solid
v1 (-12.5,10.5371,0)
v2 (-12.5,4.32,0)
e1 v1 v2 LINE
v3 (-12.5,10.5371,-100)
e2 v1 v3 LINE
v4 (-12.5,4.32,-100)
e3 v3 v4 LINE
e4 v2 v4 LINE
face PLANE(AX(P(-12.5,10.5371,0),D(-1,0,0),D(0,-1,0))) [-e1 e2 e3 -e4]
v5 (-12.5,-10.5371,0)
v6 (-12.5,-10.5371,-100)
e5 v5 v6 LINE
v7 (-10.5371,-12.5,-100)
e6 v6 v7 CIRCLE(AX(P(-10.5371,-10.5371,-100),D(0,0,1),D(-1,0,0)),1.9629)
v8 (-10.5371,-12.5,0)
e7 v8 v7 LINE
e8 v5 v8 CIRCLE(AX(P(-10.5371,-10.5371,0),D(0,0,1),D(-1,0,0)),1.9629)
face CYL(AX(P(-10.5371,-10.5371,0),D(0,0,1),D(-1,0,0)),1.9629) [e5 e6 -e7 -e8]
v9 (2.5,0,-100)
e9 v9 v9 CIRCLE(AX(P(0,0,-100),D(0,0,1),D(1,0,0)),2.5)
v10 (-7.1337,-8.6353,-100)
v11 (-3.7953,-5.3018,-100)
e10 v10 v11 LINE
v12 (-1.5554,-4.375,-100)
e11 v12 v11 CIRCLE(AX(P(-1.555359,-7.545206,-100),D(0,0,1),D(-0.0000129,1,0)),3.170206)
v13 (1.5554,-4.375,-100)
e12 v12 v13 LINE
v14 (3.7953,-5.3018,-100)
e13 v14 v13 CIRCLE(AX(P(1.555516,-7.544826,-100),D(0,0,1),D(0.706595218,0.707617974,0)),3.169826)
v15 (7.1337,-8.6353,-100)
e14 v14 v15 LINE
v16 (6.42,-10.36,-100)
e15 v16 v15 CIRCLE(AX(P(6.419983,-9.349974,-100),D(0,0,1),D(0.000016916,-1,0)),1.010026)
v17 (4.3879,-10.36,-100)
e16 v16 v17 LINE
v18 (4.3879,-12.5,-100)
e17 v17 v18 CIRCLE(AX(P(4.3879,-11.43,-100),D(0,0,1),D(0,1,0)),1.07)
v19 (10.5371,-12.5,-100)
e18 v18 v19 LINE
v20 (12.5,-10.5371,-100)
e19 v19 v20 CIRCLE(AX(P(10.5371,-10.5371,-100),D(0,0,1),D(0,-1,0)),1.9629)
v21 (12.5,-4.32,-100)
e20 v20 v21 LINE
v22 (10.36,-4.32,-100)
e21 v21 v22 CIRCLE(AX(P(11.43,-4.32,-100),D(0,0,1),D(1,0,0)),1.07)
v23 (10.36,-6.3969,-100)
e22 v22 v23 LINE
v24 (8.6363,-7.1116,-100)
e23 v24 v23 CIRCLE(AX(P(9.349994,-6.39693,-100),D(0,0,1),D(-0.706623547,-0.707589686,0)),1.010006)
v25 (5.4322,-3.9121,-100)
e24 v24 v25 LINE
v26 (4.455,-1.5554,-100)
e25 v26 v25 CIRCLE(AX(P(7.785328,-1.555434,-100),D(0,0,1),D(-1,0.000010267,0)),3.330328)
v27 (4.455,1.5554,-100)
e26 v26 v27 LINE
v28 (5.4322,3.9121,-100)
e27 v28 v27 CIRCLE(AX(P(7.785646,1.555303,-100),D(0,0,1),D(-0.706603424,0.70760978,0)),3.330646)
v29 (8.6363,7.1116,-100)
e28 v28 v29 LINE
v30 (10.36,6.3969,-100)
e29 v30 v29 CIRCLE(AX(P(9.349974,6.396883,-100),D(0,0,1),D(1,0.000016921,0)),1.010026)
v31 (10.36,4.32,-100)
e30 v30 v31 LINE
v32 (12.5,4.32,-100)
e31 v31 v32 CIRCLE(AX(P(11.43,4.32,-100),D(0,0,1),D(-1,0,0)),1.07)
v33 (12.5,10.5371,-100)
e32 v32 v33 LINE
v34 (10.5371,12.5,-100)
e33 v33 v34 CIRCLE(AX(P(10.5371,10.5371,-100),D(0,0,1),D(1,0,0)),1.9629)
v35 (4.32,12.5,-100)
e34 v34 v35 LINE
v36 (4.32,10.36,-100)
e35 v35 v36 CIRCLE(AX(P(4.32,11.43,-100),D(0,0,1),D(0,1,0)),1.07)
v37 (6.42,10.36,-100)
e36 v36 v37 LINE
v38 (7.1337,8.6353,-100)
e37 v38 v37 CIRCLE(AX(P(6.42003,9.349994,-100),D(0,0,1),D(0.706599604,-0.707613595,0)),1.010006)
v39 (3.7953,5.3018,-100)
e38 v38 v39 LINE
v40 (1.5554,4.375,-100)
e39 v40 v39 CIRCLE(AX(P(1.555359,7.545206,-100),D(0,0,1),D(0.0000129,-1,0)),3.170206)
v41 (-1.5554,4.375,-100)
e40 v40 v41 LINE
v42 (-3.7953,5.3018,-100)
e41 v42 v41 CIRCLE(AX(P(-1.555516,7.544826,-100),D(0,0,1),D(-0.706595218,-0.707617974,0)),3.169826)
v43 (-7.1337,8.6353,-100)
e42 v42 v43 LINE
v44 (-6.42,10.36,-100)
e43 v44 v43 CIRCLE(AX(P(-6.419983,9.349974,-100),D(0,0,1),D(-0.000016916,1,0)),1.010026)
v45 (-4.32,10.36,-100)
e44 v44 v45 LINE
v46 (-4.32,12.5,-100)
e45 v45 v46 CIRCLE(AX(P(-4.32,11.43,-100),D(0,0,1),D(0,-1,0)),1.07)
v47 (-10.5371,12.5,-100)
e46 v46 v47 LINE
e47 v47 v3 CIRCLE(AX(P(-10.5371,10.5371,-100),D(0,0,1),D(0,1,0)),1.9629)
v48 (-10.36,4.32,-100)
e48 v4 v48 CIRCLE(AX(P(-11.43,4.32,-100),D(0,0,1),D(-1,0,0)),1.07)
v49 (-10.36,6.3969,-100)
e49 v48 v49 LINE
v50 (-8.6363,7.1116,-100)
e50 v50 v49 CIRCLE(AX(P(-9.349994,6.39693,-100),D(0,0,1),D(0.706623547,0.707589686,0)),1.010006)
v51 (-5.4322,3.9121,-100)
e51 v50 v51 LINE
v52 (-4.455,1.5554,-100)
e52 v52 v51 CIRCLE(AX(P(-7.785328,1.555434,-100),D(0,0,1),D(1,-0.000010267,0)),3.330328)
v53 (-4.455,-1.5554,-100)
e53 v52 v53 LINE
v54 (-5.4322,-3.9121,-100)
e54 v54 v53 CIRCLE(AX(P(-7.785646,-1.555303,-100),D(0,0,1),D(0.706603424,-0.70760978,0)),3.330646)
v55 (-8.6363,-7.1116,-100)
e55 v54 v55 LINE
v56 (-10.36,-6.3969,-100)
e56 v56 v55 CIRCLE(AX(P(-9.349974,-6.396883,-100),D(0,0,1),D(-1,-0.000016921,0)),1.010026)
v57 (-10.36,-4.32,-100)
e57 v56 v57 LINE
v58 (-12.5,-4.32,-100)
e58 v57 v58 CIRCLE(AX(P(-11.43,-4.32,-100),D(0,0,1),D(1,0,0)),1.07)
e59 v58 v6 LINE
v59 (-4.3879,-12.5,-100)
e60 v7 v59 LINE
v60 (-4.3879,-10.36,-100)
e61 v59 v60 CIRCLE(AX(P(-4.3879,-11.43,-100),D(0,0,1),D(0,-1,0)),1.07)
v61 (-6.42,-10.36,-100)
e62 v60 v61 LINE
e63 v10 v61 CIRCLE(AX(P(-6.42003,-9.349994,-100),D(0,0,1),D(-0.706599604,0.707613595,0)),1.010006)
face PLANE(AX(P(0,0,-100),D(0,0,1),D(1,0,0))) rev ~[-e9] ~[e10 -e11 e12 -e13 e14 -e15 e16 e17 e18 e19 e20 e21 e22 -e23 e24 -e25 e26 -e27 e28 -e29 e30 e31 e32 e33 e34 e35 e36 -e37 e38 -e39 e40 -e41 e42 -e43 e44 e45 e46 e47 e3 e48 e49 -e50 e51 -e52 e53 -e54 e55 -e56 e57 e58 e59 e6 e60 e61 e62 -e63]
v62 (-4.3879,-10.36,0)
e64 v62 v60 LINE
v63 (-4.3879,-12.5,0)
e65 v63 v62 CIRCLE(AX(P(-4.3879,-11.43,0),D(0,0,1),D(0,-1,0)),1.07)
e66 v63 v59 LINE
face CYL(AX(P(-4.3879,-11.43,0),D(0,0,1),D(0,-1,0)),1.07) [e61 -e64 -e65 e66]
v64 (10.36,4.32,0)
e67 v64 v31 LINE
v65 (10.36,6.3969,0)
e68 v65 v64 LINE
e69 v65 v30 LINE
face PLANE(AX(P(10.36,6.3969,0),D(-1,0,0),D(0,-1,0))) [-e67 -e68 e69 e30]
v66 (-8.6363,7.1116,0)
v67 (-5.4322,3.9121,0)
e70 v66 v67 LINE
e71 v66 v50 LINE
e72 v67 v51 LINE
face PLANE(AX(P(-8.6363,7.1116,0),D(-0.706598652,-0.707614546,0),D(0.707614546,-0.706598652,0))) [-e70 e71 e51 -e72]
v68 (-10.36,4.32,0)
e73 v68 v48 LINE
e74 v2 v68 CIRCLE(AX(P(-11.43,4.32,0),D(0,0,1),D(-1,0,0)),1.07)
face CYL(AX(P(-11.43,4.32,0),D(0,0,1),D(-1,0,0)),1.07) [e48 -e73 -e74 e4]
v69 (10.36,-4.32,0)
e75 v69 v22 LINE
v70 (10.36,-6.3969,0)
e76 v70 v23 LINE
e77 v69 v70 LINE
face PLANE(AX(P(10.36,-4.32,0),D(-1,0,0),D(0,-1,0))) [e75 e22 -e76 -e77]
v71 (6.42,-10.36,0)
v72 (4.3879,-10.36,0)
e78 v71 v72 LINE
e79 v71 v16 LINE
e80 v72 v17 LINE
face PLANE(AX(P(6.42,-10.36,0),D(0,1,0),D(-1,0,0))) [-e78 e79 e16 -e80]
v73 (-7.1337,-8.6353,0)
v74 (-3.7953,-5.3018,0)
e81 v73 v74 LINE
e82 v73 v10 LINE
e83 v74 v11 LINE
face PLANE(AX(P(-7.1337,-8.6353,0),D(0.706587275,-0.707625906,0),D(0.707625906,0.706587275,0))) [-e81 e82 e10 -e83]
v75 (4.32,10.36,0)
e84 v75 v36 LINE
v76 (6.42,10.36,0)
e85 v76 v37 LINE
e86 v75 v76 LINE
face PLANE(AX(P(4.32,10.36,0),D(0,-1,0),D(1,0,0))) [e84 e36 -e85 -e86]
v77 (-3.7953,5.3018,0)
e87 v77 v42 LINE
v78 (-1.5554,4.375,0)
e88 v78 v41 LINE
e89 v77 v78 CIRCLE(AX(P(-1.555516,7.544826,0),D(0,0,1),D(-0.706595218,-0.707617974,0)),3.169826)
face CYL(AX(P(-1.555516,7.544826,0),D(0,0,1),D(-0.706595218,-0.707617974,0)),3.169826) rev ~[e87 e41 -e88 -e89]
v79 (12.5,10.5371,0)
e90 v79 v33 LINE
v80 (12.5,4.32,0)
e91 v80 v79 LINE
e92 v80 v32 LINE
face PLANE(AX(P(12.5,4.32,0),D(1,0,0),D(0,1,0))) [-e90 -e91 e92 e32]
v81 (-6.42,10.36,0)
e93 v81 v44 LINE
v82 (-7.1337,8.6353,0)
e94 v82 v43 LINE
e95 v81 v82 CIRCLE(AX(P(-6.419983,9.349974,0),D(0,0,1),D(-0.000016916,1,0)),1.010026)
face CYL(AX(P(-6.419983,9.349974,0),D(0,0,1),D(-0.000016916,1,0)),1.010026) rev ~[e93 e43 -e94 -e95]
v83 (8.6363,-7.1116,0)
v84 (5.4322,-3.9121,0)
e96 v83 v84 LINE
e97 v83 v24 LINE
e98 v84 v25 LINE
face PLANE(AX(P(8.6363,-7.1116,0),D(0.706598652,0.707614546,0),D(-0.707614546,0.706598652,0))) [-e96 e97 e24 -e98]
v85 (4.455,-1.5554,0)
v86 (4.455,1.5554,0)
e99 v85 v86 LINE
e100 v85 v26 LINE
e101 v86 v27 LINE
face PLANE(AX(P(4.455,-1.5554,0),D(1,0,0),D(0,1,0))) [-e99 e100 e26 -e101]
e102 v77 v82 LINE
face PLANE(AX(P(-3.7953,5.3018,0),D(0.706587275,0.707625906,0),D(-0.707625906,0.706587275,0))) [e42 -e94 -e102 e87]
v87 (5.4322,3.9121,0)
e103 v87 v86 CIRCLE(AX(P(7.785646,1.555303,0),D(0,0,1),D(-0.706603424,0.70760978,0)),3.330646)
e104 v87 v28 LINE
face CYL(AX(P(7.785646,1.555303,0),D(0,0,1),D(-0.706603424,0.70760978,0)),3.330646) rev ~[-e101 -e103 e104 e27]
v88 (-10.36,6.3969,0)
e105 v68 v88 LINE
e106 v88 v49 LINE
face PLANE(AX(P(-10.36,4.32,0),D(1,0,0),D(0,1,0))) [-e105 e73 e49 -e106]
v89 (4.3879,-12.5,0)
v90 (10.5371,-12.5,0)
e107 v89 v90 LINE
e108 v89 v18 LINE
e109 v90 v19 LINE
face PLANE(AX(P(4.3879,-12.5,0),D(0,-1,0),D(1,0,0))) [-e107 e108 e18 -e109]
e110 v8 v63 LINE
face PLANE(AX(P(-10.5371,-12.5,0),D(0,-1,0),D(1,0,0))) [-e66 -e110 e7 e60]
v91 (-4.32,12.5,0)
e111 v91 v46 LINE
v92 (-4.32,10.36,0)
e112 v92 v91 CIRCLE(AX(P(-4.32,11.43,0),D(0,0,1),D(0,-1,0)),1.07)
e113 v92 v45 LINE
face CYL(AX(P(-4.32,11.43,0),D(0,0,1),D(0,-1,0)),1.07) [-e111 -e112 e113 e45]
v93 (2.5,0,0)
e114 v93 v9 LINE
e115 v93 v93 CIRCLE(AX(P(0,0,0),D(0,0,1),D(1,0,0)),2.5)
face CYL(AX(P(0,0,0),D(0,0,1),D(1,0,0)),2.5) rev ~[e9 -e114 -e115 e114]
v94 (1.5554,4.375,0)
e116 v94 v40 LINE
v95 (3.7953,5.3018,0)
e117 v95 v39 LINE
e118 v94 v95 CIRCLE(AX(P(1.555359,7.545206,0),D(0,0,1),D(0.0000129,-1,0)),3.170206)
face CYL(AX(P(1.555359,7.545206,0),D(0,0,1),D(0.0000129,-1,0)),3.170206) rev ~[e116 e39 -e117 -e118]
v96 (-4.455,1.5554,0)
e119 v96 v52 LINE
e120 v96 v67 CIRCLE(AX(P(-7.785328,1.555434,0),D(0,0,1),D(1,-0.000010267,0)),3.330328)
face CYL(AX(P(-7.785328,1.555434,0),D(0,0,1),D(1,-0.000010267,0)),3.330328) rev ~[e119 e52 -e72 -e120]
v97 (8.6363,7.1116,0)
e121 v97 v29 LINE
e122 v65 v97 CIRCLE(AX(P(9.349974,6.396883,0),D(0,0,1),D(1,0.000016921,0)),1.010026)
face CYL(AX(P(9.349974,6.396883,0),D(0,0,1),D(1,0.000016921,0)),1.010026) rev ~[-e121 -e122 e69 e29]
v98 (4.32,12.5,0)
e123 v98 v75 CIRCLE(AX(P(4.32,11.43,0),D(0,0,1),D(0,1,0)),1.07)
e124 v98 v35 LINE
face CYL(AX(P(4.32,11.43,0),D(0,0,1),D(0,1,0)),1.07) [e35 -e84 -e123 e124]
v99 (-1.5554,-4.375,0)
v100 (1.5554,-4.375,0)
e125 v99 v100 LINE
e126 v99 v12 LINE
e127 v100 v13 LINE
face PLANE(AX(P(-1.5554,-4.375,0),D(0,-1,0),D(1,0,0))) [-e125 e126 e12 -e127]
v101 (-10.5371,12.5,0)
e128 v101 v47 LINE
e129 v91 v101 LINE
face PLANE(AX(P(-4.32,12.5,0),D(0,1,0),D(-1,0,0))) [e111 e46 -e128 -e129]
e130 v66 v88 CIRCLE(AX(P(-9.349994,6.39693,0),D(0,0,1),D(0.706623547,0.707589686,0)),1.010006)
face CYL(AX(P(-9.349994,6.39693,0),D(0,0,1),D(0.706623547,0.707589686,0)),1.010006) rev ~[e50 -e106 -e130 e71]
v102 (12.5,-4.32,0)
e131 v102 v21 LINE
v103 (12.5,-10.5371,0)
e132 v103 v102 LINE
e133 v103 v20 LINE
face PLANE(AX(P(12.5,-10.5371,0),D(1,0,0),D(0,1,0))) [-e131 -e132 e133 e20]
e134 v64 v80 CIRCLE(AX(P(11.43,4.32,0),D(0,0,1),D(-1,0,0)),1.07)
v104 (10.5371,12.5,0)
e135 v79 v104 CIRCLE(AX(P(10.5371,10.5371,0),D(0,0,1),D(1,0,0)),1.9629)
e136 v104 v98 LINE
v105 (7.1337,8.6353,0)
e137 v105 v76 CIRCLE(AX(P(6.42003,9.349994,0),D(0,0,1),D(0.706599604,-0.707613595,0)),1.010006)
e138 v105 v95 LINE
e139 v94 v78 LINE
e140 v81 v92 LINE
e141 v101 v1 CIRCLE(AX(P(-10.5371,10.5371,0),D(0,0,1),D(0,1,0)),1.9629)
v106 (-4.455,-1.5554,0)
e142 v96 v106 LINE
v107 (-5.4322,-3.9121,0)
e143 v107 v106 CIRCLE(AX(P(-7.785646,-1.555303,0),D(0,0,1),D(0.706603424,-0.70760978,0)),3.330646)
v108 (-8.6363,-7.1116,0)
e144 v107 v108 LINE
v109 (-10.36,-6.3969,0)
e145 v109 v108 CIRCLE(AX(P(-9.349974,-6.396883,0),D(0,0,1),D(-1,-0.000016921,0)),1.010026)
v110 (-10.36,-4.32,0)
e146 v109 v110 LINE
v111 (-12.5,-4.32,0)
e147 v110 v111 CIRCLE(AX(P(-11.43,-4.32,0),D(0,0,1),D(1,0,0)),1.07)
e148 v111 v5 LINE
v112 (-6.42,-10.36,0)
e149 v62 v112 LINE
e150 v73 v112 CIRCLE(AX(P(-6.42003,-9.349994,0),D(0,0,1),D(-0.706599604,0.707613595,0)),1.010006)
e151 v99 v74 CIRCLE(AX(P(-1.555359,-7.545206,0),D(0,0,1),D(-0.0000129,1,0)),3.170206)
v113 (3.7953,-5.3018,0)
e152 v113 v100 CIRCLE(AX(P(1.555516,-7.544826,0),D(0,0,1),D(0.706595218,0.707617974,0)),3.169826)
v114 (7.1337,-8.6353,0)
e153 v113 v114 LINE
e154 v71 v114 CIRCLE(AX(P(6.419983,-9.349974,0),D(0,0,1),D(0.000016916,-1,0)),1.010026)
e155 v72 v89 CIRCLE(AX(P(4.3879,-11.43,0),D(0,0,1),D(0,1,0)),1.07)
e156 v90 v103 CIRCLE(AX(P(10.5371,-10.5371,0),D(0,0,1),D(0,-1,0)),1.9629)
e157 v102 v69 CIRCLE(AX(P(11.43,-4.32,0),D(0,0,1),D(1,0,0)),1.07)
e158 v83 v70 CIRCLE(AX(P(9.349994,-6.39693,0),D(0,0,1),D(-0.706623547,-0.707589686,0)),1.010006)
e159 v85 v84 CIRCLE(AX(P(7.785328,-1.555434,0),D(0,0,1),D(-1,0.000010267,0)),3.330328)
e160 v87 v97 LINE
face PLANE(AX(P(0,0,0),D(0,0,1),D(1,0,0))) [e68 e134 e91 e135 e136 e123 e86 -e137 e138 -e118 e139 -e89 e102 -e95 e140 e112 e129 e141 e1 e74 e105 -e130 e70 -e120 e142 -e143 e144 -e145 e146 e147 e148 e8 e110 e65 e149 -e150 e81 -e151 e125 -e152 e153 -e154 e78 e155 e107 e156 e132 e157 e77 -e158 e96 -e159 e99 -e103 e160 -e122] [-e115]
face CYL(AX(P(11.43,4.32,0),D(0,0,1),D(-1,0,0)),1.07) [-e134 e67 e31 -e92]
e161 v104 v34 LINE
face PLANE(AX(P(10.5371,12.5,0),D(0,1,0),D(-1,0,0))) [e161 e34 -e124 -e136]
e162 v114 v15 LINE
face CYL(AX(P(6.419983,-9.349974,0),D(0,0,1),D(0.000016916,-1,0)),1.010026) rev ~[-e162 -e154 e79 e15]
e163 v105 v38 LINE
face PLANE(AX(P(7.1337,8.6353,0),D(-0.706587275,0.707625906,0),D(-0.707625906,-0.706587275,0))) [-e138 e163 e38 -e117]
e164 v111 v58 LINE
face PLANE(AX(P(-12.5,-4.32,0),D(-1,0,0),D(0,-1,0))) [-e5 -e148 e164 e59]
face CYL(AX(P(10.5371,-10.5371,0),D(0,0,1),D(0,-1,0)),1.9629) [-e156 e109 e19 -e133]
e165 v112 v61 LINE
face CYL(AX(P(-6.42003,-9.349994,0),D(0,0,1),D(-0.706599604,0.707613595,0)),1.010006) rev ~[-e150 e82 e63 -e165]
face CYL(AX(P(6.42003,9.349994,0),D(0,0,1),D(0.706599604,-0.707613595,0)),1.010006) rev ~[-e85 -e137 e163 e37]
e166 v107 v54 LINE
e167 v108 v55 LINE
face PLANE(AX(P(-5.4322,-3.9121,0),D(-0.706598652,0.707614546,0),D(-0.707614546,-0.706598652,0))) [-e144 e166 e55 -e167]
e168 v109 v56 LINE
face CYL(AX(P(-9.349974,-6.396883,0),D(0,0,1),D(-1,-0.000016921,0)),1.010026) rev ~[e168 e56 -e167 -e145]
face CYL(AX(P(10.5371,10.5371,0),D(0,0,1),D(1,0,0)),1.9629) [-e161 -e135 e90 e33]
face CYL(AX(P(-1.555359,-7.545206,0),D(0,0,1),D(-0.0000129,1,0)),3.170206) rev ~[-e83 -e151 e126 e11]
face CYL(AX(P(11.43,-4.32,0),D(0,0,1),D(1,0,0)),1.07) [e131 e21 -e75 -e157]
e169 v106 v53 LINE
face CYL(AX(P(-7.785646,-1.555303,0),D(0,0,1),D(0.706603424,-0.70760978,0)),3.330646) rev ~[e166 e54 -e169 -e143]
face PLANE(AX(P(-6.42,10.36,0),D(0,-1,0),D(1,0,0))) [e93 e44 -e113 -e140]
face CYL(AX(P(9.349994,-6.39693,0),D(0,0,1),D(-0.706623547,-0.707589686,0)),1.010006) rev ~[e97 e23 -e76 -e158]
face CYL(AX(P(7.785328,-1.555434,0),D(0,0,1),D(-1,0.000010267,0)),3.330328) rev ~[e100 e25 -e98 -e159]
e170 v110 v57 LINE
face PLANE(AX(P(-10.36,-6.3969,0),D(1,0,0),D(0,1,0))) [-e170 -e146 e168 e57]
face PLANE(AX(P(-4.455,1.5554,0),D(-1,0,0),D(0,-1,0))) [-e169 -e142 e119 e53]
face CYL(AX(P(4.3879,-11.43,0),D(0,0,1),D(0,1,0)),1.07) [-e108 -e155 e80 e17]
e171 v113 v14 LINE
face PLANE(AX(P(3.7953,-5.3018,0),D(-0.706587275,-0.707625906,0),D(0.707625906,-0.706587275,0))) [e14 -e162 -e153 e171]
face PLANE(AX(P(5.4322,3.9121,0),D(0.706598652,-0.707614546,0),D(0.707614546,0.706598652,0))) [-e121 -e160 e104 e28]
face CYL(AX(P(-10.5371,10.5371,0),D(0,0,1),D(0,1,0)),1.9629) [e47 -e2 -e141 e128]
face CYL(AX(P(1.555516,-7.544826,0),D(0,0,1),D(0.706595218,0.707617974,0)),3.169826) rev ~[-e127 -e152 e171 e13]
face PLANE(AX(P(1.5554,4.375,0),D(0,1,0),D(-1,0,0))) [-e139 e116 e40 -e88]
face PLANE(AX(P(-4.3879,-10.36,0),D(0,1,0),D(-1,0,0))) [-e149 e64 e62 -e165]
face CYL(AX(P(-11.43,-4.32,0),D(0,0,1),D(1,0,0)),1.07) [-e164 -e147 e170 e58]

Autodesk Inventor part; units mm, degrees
ref_plane "YZ Plane" through (0, 0, 0) normal (1, 0, 0) x (0, 1, 0)
ref_plane "XZ Plane" through (0, 0, 0) normal (0, 1, 0) x (-1, 0, 0)
ref_plane "XY Plane" through (0, 0, 0) normal (0, 0, 1) x (1, 0, 0)
sketch "Sketch1" plane through (0, 0, 0) normal (0, 0, 1) x (1, 0, 0)
  circle A0 centre (0, 0) radius 2.5
  arc A1 (-8.6363, 7.1116) -> (-10.36, 6.3969) centre (-9.35, 6.3969) ccw
  line L0 (-8.6363, 7.1116) -> (-5.4322, 3.9121)
  arc A2 (-4.455, 1.5554) -> (-5.4322, 3.9121) centre (-7.7855, 1.5554) ccw
  line L1 (-4.455, 1.5554) -> (-4.455, -1.5554)
  arc A3 (-5.4322, -3.9121) -> (-4.455, -1.5554) centre (-7.7855, -1.5554) ccw
  line L2 (-5.4322, -3.9121) -> (-8.6363, -7.1116)
  arc A4 (-10.36, -6.3969) -> (-8.6363, -7.1116) centre (-9.35, -6.3969) ccw
  line L3 (-10.36, -6.3969) -> (-10.36, -4.32)
  arc A5 (-10.36, -4.32) -> (-12.5, -4.32) centre (-11.43, -4.32) ccw
  line L4 (-12.5, -4.32) -> (-12.5, -10.5371)
  arc A6 (-12.5, -10.5371) -> (-10.5371, -12.5) centre (-10.5371, -10.5371) ccw
  line L5 (-10.5371, -12.5) -> (-4.3879, -12.5)
  arc A7 (-4.3879, -12.5) -> (-4.3879, -10.36) centre (-4.3879, -11.43) ccw
  line L6 (-4.3879, -10.36) -> (-6.42, -10.36)
  arc A8 (-7.1337, -8.6353) -> (-6.42, -10.36) centre (-6.42, -9.35) ccw
  line L7 (-7.1337, -8.6353) -> (-3.7953, -5.3018)
  arc A9 (-1.5554, -4.375) -> (-3.7953, -5.3018) centre (-1.5554, -7.545) ccw
  line L8 (-1.5554, -4.375) -> (1.5554, -4.375)
  arc A10 (3.7953, -5.3018) -> (1.5554, -4.375) centre (1.5554, -7.545) ccw
  line L9 (3.7953, -5.3018) -> (7.1337, -8.6353)
  arc A11 (6.42, -10.36) -> (7.1337, -8.6353) centre (6.42, -9.35) ccw
  line L10 (6.42, -10.36) -> (4.3879, -10.36)
  arc A12 (4.3879, -10.36) -> (4.3879, -12.5) centre (4.3879, -11.43) ccw
  line L11 (4.3879, -12.5) -> (10.5371, -12.5)
  arc A13 (10.5371, -12.5) -> (12.5, -10.5371) centre (10.5371, -10.5371) ccw
  line L12 (12.5, -10.5371) -> (12.5, -4.32)
  arc A14 (12.5, -4.32) -> (10.36, -4.32) centre (11.43, -4.32) ccw
  line L13 (10.36, -4.32) -> (10.36, -6.3969)
  arc A15 (8.6363, -7.1116) -> (10.36, -6.3969) centre (9.35, -6.3969) ccw
  line L14 (8.6363, -7.1116) -> (5.4322, -3.9121)
  arc A16 (4.455, -1.5554) -> (5.4322, -3.9121) centre (7.7855, -1.5554) ccw
  line L15 (4.455, -1.5554) -> (4.455, 1.5554)
  arc A17 (5.4322, 3.9121) -> (4.455, 1.5554) centre (7.7855, 1.5554) ccw
  line L16 (5.4322, 3.9121) -> (8.6363, 7.1116)
  arc A18 (10.36, 6.3969) -> (8.6363, 7.1116) centre (9.35, 6.3969) ccw
  line L17 (10.36, 6.3969) -> (10.36, 4.32)
  arc A19 (10.36, 4.32) -> (12.5, 4.32) centre (11.43, 4.32) ccw
  line L18 (12.5, 4.32) -> (12.5, 10.5371)
  arc A20 (12.5, 10.5371) -> (10.5371, 12.5) centre (10.5371, 10.5371) ccw
  line L19 (10.5371, 12.5) -> (4.32, 12.5)
  arc A21 (4.32, 12.5) -> (4.32, 10.36) centre (4.32, 11.43) ccw
  line L20 (4.32, 10.36) -> (6.42, 10.36)
  arc A22 (7.1337, 8.6353) -> (6.42, 10.36) centre (6.42, 9.35) ccw
  line L21 (7.1337, 8.6353) -> (3.7953, 5.3018)
  arc A23 (1.5554, 4.375) -> (3.7953, 5.3018) centre (1.5554, 7.545) ccw
  line L22 (1.5554, 4.375) -> (-1.5554, 4.375)
  arc A24 (-3.7953, 5.3018) -> (-1.5554, 4.375) centre (-1.5554, 7.545) ccw
  line L23 (-3.7953, 5.3018) -> (-7.1337, 8.6353)
  arc A25 (-6.42, 10.36) -> (-7.1337, 8.6353) centre (-6.42, 9.35) ccw
  line L24 (-6.42, 10.36) -> (-4.32, 10.36)
  arc A26 (-4.32, 10.36) -> (-4.32, 12.5) centre (-4.32, 11.43) ccw
  line L25 (-4.32, 12.5) -> (-10.5371, 12.5)
  arc A27 (-10.5371, 12.5) -> (-12.5, 10.5371) centre (-10.5371, 10.5371) ccw
  line L26 (-12.5, 10.5371) -> (-12.5, 4.32)
  arc A28 (-12.5, 4.32) -> (-10.36, 4.32) centre (-11.43, 4.32) ccw
  line L27 (-10.36, 4.32) -> (-10.36, 6.3969)
extrude "Extrusion1" add sketch "Sketch1" against normal blind 100
properties part number "25-2525"
